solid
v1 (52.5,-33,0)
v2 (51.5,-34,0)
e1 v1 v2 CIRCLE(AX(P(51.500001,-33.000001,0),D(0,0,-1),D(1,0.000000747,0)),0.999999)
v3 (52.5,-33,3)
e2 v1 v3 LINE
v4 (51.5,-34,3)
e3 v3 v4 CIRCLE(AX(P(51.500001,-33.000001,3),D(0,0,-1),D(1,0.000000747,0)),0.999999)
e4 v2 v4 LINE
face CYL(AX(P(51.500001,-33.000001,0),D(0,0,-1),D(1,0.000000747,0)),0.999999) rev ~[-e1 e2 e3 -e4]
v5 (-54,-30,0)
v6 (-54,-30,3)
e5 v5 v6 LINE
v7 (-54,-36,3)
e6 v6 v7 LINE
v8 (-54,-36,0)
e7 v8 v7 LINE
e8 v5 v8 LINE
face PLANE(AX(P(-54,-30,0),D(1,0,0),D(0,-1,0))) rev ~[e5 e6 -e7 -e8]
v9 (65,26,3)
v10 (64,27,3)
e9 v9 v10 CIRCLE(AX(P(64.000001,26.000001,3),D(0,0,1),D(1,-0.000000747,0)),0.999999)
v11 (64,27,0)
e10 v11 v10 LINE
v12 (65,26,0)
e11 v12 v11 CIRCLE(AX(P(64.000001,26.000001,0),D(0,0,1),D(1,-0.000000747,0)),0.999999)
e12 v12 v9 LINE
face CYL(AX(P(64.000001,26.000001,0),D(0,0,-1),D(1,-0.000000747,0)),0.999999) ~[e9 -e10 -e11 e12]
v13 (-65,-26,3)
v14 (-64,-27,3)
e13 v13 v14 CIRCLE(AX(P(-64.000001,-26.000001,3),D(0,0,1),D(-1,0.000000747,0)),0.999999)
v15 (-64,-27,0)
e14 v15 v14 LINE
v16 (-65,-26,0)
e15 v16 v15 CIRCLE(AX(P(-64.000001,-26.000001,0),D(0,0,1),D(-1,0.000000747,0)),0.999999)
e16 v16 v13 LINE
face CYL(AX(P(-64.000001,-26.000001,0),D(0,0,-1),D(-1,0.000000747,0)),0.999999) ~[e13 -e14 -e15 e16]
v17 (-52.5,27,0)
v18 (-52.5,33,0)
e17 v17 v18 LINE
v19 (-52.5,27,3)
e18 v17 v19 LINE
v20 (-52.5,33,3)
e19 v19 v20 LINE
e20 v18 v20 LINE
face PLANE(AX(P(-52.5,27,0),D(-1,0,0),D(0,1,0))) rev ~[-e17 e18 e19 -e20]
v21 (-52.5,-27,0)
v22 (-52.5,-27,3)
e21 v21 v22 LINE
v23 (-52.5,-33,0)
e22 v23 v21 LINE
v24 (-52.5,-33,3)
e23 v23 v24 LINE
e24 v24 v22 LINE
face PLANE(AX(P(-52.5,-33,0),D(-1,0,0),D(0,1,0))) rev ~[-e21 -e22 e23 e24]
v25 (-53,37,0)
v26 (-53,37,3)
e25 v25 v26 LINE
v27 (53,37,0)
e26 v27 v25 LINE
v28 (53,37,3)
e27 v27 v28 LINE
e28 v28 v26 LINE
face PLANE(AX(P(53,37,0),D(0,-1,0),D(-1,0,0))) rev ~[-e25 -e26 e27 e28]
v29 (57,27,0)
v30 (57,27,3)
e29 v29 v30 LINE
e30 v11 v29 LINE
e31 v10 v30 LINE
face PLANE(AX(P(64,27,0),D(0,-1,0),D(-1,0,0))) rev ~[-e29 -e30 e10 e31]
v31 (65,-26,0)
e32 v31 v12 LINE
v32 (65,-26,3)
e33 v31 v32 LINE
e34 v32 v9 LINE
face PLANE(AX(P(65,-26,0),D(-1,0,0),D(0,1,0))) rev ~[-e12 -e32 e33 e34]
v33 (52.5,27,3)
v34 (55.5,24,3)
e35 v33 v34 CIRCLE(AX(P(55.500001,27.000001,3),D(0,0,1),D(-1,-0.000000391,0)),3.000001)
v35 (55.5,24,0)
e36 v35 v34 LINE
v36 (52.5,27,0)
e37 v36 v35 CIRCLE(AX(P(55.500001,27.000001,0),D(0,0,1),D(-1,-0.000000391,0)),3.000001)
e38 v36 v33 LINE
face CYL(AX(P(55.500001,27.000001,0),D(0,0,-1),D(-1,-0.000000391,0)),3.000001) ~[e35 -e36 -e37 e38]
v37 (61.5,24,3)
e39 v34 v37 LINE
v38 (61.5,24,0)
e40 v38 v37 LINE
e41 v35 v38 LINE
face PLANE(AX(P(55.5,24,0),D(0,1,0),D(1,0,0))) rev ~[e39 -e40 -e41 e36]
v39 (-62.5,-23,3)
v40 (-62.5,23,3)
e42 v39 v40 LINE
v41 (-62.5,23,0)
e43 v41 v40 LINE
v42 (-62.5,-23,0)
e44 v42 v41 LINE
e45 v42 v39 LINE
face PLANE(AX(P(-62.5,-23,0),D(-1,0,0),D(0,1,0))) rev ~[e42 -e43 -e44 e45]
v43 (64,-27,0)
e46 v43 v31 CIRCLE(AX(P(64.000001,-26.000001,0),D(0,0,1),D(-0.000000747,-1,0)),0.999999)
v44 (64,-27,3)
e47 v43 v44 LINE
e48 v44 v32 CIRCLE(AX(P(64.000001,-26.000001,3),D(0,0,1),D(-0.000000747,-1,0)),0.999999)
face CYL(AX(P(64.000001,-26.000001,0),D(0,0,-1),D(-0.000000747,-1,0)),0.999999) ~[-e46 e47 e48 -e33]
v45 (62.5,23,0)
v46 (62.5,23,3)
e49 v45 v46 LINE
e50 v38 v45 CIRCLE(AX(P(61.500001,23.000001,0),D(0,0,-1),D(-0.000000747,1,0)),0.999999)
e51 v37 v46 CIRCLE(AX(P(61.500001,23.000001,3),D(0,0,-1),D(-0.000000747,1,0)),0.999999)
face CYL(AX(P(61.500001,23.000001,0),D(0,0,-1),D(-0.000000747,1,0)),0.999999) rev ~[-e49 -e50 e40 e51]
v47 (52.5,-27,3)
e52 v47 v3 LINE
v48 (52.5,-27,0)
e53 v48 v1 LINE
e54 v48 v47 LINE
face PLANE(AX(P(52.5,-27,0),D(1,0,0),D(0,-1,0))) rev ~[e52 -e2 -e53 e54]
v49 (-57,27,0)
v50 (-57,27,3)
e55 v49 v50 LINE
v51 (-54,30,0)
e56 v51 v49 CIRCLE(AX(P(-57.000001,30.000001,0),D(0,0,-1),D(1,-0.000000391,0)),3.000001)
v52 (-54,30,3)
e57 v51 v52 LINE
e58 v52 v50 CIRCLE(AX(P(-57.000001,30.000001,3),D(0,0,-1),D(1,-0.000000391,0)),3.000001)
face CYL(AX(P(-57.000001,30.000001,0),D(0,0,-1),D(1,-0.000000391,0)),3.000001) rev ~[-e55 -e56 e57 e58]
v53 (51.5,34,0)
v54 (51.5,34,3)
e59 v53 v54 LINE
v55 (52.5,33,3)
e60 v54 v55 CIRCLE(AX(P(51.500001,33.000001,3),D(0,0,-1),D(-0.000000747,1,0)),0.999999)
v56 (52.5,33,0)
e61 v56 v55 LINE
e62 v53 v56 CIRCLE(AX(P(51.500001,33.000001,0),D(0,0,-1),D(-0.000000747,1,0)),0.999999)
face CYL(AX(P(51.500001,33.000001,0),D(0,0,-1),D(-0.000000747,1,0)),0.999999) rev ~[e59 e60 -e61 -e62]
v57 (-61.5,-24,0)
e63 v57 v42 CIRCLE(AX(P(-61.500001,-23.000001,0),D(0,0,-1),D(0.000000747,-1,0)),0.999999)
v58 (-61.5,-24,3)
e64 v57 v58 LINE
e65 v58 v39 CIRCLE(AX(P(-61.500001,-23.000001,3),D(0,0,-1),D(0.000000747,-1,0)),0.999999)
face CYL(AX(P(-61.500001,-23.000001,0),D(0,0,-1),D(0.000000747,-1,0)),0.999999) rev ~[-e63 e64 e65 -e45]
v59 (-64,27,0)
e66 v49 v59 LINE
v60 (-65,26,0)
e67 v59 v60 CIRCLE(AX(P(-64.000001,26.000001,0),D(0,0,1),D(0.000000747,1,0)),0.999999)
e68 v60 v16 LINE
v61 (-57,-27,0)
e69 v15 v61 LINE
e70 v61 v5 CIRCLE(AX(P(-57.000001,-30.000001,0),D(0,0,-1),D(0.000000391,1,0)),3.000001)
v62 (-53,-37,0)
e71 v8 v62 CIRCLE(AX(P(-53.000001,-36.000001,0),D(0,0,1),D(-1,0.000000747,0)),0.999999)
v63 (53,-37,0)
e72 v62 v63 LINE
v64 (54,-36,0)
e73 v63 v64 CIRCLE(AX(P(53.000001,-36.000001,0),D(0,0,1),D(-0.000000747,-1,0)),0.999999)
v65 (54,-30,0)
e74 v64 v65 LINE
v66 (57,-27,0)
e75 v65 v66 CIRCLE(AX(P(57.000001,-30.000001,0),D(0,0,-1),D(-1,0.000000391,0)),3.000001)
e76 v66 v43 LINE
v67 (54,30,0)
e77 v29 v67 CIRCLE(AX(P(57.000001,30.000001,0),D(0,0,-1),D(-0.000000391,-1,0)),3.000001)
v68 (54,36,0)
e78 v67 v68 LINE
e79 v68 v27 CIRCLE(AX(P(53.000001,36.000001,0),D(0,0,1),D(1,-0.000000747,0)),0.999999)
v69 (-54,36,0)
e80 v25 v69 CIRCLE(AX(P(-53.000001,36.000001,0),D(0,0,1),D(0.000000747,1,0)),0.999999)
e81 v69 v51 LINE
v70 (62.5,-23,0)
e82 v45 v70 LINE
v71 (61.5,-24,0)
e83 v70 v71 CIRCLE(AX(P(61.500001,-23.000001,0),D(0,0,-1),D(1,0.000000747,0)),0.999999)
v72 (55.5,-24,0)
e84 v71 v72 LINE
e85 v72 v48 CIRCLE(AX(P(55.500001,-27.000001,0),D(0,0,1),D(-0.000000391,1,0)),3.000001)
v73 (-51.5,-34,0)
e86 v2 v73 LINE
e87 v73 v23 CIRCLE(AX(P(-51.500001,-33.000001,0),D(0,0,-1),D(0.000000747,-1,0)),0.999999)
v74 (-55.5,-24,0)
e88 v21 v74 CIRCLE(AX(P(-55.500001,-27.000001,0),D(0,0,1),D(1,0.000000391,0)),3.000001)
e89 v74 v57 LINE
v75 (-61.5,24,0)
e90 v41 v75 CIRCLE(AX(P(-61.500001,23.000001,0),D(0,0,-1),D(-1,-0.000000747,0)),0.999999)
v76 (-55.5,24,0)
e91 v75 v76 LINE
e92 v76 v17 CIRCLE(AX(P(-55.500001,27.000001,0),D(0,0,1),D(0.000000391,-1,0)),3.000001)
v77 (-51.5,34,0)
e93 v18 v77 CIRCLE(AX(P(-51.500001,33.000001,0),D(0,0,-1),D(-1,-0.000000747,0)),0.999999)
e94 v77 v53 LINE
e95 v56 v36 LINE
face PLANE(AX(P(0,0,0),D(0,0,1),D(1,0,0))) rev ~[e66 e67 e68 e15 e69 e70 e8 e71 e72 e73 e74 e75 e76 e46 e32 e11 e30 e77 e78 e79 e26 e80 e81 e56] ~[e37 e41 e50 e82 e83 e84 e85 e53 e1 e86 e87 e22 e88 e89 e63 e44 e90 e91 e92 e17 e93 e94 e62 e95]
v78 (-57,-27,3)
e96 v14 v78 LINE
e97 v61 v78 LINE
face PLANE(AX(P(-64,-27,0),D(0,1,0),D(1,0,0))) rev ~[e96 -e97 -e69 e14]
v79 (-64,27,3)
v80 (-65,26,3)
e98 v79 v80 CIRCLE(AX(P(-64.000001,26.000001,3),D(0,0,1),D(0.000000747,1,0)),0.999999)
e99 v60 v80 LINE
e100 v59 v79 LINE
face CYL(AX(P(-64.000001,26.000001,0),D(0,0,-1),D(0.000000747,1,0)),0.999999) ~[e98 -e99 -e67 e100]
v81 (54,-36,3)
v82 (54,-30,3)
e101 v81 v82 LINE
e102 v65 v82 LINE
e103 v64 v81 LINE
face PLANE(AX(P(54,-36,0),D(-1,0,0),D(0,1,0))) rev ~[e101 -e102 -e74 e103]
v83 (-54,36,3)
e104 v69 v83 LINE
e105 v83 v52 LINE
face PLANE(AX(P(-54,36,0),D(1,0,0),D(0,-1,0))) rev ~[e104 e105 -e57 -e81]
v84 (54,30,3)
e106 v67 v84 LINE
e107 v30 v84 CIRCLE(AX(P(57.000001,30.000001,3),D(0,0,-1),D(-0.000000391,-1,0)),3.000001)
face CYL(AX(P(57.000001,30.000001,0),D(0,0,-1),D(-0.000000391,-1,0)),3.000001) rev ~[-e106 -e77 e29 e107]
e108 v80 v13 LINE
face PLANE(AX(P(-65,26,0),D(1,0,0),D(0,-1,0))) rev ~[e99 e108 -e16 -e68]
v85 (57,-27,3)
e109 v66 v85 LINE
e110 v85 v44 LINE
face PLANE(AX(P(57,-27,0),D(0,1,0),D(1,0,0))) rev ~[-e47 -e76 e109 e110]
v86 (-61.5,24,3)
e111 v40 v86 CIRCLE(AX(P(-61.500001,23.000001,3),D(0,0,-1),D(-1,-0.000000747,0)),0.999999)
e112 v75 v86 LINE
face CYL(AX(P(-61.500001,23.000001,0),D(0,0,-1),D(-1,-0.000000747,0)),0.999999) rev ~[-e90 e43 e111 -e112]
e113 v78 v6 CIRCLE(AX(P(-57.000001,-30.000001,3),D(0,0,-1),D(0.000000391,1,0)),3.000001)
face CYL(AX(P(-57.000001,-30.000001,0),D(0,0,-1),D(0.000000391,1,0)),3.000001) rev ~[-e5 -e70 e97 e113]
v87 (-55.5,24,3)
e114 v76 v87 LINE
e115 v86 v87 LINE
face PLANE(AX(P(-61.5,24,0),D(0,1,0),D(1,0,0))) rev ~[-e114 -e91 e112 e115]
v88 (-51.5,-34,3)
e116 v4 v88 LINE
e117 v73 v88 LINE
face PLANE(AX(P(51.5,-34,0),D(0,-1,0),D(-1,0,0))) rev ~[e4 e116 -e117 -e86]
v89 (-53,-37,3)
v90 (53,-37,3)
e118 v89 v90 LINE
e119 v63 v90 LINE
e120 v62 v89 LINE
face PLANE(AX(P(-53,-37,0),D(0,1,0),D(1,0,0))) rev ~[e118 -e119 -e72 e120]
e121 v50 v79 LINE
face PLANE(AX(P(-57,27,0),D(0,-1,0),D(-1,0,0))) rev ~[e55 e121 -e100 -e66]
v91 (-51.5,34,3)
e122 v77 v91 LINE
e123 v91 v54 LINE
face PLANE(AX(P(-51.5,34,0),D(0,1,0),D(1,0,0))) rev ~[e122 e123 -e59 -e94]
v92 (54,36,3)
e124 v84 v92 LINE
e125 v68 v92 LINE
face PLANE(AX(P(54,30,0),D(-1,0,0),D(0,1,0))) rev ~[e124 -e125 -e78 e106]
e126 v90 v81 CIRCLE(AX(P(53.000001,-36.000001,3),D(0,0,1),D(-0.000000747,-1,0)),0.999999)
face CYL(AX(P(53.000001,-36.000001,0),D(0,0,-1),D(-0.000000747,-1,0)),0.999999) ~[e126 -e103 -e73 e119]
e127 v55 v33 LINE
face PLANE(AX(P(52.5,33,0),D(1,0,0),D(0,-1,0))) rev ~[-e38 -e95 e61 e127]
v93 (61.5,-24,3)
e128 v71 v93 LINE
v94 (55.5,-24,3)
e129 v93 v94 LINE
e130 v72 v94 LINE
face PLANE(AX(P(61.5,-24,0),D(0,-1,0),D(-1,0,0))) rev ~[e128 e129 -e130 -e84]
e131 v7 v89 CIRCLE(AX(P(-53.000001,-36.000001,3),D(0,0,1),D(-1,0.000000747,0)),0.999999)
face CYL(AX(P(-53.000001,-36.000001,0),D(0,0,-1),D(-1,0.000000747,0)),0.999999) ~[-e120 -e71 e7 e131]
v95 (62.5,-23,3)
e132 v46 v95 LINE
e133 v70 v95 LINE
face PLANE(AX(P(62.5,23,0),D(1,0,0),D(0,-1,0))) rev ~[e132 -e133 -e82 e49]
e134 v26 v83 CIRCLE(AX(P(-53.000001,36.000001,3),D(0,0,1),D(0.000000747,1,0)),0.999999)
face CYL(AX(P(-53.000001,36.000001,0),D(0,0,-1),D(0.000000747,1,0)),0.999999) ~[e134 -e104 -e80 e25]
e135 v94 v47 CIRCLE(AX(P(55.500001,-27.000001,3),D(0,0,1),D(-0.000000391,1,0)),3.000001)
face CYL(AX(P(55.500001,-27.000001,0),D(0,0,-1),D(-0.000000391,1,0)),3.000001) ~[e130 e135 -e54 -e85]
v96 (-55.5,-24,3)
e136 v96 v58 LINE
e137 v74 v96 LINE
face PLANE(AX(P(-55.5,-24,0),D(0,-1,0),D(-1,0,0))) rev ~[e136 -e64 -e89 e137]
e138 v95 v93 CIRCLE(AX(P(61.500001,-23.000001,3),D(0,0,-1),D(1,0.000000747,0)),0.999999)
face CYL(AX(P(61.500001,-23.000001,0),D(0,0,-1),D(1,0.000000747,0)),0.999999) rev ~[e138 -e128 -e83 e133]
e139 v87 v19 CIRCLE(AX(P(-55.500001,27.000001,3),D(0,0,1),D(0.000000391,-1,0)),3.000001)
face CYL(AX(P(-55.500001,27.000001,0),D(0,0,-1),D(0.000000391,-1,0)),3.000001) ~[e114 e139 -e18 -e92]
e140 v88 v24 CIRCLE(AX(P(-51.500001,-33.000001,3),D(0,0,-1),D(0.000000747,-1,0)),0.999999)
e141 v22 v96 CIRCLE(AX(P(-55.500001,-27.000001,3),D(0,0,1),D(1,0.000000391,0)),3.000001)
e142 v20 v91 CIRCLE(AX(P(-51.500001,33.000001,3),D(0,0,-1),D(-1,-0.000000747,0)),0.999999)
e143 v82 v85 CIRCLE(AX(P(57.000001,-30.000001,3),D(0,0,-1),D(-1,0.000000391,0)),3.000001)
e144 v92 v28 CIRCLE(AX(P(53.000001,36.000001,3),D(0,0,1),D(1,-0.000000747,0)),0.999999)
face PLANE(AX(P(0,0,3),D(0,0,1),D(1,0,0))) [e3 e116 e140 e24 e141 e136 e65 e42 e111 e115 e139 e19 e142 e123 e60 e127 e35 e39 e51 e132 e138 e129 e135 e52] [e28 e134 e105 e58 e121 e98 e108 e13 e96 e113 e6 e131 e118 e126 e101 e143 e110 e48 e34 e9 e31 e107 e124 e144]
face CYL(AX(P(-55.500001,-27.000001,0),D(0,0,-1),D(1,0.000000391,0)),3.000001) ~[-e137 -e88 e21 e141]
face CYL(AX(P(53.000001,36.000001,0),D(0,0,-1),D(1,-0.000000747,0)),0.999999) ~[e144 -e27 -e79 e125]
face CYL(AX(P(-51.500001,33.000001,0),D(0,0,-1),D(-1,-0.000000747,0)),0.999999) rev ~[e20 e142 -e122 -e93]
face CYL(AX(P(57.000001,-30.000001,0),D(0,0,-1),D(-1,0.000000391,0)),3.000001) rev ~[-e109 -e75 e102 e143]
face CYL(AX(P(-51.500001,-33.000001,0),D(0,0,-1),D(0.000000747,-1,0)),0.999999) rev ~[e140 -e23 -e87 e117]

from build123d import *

# Parameters (mm, degrees)
F1_DEPTH = 3


with BuildPart() as f1:
    # F0 (on Top) → F1 (new body)
    with BuildSketch(Plane.XY):
        with BuildLine():
            Line((53, 37), (-53, 37))
            ThreePointArc((-53, 37), (-53.707107, 36.707107), (-54, 36))
            Line((-54, 36), (-54, 30))
            ThreePointArc((-54, 30), (-54.87868, 27.87868), (-57, 27))
            Line((-57, 27), (-64, 27))
            ThreePointArc((-64, 27), (-64.707107, 26.707107), (-65, 26))
            Line((-65, 26), (-65, -26))
            ThreePointArc((-65, -26), (-64.707107, -26.707107), (-64, -27))
            Line((-64, -27), (-57, -27))
            ThreePointArc((-57, -27), (-54.87868, -27.87868), (-54, -30))
            Line((-54, -30), (-54, -36))
            ThreePointArc((-54, -36), (-53.707107, -36.707107), (-53, -37))
            Line((-53, -37), (53, -37))
            ThreePointArc((53, -37), (53.707107, -36.707107), (54, -36))
            Line((54, -36), (54, -30))
            ThreePointArc((54, -30), (54.87868, -27.87868), (57, -27))
            Line((57, -27), (64, -27))
            ThreePointArc((64, -27), (64.707107, -26.707107), (65, -26))
            Line((65, -26), (65, 26))
            ThreePointArc((65, 26), (64.707107, 26.707107), (64, 27))
            Line((64, 27), (57, 27))
            ThreePointArc((57, 27), (54.87868, 27.87868), (54, 30))
            Line((54, 30), (54, 36))
            ThreePointArc((54, 36), (53.707107, 36.707107), (53, 37))
        make_face()
        with BuildLine():
            ThreePointArc((-52.5, 33), (-52.207107, 33.707107), (-51.5, 34))
            Line((-51.5, 34), (51.5, 34))
            ThreePointArc((51.5, 34), (52.207107, 33.707107), (52.5, 33))
            Line((52.5, 33), (52.5, 27))
            ThreePointArc((52.5, 27), (53.37868, 24.87868), (55.5, 24))
            Line((55.5, 24), (61.5, 24))
            ThreePointArc((61.5, 24), (62.207107, 23.707107), (62.5, 23))
            Line((62.5, 23), (62.5, -23))
            ThreePointArc((62.5, -23), (62.207107, -23.707107), (61.5, -24))
            Line((61.5, -24), (55.5, -24))
            ThreePointArc((55.5, -24), (53.37868, -24.87868), (52.5, -27))
            Line((52.5, -27), (52.5, -33))
            ThreePointArc((52.5, -33), (52.207107, -33.707107), (51.5, -34))
            Line((51.5, -34), (-51.5, -34))
            ThreePointArc((-51.5, -34), (-52.207107, -33.707107), (-52.5, -33))
            Line((-52.5, -33), (-52.5, -27))
            ThreePointArc((-52.5, -27), (-53.37868, -24.87868), (-55.5, -24))
            Line((-55.5, -24), (-61.5, -24))
            ThreePointArc((-61.5, -24), (-62.207107, -23.707107), (-62.5, -23))
            Line((-62.5, -23), (-62.5, 23))
            ThreePointArc((-62.5, 23), (-62.207107, 23.707107), (-61.5, 24))
            Line((-61.5, 24), (-55.5, 24))
            ThreePointArc((-55.5, 24), (-53.37868, 24.87868), (-52.5, 27))
            Line((-52.5, 27), (-52.5, 33))
        make_face(mode=Mode.SUBTRACT)
    extrude(amount=F1_DEPTH)


solid = f1.part
